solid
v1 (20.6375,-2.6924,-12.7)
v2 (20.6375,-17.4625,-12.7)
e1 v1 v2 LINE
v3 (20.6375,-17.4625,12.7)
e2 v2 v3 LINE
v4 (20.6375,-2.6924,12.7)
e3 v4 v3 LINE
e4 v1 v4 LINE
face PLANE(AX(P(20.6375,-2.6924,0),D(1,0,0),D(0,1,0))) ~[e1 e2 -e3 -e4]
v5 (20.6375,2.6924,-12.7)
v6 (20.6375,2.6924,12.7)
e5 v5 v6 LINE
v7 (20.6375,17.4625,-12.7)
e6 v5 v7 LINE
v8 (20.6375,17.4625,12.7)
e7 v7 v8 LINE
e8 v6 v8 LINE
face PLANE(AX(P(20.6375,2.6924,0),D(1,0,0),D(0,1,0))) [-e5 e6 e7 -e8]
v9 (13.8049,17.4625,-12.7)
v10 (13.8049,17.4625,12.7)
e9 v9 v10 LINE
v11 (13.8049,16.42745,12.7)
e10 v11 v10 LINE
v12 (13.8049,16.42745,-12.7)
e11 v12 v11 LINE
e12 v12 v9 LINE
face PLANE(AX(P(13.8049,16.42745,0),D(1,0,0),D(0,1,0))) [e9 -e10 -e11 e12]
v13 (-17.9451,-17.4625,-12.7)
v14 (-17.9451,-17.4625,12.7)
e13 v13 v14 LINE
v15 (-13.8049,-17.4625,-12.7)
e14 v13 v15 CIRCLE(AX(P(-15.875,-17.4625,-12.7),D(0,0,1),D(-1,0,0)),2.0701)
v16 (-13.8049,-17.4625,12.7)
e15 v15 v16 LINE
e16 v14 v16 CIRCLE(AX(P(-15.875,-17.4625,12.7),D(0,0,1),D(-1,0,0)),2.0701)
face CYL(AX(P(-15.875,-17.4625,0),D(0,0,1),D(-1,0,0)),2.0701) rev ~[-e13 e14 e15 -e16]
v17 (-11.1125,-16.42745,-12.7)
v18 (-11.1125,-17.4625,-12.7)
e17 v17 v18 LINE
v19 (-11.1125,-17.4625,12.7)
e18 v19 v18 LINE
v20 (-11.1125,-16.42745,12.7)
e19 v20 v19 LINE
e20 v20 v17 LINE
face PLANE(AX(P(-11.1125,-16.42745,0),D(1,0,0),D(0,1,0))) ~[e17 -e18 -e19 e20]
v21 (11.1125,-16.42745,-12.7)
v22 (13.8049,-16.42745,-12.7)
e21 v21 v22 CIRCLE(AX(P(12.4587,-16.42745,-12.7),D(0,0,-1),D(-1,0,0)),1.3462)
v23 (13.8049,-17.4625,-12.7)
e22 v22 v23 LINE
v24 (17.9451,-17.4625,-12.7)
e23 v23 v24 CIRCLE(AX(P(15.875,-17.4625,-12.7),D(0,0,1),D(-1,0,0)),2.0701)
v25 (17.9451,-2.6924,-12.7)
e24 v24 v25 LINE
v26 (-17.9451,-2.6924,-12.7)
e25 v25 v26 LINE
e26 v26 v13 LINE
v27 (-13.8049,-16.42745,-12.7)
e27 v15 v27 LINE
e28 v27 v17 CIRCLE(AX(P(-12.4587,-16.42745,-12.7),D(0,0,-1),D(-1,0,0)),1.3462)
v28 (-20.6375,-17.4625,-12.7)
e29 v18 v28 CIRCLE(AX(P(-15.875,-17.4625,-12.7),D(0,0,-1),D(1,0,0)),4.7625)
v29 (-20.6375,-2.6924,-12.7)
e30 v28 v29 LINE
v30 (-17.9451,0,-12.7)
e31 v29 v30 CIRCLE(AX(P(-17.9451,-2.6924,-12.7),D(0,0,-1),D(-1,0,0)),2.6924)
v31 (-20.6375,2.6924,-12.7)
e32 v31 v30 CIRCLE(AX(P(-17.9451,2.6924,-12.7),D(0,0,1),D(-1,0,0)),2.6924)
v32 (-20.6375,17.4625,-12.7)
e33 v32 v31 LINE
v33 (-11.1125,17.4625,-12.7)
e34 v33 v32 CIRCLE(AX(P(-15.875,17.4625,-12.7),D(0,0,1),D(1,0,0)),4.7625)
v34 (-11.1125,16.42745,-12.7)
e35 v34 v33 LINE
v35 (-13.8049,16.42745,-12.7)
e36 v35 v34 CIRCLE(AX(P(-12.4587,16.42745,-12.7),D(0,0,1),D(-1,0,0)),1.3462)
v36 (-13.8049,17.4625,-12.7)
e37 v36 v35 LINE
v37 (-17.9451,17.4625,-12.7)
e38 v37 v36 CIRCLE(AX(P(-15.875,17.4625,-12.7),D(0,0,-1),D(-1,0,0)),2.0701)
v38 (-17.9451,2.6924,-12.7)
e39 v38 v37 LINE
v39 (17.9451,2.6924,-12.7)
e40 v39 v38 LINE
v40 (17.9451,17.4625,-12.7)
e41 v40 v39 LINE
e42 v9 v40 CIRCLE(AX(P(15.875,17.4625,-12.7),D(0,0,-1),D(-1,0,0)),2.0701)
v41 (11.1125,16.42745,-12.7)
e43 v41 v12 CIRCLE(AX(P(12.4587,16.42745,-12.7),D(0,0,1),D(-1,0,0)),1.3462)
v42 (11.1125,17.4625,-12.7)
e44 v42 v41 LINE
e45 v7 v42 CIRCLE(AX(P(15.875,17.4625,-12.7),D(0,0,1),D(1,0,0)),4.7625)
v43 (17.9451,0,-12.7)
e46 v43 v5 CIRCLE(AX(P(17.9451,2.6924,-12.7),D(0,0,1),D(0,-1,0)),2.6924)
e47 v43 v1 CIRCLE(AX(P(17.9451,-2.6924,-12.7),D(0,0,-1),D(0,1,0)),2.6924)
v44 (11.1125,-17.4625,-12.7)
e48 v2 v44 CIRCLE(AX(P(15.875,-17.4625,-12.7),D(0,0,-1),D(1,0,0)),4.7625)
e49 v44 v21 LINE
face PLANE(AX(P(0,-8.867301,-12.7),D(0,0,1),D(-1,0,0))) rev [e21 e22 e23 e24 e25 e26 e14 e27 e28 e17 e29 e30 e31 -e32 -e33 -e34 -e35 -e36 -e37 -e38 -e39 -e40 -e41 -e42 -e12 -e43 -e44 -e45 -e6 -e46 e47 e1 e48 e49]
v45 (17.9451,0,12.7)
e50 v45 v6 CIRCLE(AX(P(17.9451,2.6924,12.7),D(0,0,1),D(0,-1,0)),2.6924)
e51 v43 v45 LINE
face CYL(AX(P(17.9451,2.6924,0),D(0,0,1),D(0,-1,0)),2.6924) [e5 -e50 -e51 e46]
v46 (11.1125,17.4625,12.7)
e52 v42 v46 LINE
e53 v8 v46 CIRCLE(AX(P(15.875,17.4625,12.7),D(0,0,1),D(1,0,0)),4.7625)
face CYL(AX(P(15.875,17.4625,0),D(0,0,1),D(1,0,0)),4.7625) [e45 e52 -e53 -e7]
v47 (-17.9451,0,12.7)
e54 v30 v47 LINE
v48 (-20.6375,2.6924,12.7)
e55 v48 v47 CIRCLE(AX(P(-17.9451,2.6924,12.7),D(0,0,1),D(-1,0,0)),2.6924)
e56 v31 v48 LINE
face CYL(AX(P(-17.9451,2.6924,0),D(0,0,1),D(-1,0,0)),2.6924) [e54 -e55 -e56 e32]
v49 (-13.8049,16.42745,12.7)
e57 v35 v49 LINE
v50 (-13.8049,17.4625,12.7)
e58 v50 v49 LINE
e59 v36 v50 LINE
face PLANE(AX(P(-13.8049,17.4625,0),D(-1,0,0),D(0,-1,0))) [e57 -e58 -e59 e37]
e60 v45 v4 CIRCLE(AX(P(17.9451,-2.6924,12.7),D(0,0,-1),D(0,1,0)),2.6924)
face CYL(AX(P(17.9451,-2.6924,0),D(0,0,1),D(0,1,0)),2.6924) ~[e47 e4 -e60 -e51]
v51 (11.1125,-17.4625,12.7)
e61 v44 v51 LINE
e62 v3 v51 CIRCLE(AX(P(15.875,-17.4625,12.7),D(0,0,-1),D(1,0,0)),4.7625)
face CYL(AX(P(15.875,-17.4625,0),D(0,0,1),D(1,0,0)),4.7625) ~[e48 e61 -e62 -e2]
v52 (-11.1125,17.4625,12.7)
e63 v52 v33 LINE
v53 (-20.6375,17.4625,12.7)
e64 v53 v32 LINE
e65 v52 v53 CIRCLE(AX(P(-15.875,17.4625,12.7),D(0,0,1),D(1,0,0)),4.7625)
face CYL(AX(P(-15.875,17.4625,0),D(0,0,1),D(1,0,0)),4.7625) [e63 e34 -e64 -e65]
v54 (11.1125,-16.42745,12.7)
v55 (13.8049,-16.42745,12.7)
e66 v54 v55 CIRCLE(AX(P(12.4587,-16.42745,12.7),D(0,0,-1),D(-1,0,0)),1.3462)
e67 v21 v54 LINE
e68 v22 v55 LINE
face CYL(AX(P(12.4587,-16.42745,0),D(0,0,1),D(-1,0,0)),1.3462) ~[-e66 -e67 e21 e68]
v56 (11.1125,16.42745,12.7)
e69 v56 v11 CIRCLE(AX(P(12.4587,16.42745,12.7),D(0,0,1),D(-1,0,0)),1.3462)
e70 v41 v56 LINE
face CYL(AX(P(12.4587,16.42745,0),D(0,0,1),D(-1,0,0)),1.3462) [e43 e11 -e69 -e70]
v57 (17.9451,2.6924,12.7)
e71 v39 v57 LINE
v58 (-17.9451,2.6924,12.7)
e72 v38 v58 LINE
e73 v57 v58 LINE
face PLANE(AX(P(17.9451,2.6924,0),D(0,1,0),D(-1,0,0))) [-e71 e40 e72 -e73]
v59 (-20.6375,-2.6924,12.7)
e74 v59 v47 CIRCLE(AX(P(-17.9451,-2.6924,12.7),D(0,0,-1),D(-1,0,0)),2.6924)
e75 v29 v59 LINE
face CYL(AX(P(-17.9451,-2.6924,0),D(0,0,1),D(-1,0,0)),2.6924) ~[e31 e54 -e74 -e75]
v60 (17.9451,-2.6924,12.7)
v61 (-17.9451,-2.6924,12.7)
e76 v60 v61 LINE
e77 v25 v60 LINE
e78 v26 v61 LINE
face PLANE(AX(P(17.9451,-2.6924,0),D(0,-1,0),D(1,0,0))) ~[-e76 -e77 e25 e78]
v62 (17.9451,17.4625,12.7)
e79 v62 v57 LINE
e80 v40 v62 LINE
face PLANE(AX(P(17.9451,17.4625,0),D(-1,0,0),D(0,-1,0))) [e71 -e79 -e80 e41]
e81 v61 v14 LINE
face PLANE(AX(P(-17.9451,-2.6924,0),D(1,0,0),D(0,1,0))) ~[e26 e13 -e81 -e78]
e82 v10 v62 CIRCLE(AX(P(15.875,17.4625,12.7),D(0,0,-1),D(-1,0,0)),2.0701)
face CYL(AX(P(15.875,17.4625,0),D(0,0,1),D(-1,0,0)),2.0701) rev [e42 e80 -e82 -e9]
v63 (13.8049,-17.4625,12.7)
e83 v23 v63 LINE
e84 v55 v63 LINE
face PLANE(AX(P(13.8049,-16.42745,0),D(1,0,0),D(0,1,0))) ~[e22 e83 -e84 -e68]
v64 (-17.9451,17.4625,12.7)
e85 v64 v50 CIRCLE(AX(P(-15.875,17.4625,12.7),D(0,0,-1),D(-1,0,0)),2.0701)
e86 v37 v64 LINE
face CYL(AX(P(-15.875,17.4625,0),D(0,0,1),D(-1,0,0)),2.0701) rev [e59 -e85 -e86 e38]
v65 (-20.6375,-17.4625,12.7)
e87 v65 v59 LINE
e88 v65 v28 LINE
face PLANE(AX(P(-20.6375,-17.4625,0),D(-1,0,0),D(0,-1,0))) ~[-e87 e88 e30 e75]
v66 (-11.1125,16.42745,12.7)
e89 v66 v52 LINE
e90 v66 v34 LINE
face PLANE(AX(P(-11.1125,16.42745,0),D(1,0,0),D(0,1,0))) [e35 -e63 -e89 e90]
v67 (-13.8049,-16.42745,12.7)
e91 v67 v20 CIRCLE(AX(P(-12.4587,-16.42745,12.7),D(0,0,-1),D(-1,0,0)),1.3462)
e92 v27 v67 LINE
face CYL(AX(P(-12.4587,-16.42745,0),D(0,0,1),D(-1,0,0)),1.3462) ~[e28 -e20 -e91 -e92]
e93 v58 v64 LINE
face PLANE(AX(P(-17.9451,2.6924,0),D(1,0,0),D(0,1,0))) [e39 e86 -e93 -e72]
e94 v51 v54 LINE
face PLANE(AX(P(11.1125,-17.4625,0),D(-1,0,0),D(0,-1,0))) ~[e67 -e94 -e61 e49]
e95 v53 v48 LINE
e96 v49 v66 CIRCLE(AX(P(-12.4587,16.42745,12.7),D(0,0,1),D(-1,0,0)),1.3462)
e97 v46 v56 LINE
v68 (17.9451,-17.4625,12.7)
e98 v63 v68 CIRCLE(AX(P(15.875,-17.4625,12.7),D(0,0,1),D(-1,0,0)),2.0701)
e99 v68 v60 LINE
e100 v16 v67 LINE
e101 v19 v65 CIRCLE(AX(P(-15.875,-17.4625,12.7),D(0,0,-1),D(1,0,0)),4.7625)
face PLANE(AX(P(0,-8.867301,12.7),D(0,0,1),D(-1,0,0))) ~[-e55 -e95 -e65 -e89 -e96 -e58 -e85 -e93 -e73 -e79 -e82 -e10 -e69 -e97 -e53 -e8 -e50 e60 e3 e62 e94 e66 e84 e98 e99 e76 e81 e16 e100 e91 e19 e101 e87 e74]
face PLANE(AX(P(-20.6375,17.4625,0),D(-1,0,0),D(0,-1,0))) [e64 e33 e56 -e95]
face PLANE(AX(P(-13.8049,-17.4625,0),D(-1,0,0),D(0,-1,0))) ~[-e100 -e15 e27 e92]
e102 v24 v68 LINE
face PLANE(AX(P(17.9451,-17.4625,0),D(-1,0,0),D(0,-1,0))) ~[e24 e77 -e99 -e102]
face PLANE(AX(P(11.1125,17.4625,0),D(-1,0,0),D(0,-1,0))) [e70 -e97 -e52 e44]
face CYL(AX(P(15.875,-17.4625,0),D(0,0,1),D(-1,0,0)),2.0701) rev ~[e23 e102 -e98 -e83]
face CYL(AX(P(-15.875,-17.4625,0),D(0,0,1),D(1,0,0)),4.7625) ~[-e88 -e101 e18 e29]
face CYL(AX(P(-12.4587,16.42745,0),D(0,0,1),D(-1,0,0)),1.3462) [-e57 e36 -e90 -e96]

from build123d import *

# Parameters (mm, degrees)
BASE_EXTRUDE_DEPTH = 12.7


with BuildPart() as part:
    # Sketch1 → Base-Extrude (new, symmetric)
    with BuildSketch(Plane.XY):
        with BuildLine():
            Line((-20.6375, 17.4625), (-20.6375, 2.6924))
            ThreePointArc((-20.6375, 2.6924), (-19.848914298, 0.788585702), (-17.9451, 0))
            Line((-17.9451, 0), (17.9451, 0))
            ThreePointArc((17.9451, 0), (19.848914298, 0.788585702), (20.6375, 2.6924))
            Line((20.6375, 2.6924), (20.6375, 17.4625))
            ThreePointArc((20.6375, 17.4625), (15.875, 22.225), (11.1125, 17.4625))
            Line((11.1125, 17.4625), (11.1125, 16.42745))
            ThreePointArc((11.1125, 16.42745), (12.4587, 15.08125), (13.8049, 16.42745))
            Line((13.8049, 16.42745), (13.8049, 17.4625))
            ThreePointArc((13.8049, 17.4625), (15.875, 19.5326), (17.9451, 17.4625))
            Line((17.9451, 17.4625), (17.9451, 2.6924))
            Line((17.9451, 2.6924), (-17.9451, 2.6924))
            Line((-17.9451, 2.6924), (-17.9451, 17.4625))
            ThreePointArc((-17.9451, 17.4625), (-15.875, 19.5326), (-13.8049, 17.4625))
            Line((-13.8049, 17.4625), (-13.8049, 16.42745))
            ThreePointArc((-13.8049, 16.42745), (-12.4587, 15.08125), (-11.1125, 16.42745))
            Line((-11.1125, 16.42745), (-11.1125, 17.4625))
            ThreePointArc((-11.1125, 17.4625), (-15.875, 22.225), (-20.6375, 17.4625))
        make_face()
    base_extrude = extrude(amount=BASE_EXTRUDE_DEPTH, both=True)

    # Mirror1: Base-Extrude across plane
    add(base_extrude.mirror(Plane.ZX))


solid = part.part
